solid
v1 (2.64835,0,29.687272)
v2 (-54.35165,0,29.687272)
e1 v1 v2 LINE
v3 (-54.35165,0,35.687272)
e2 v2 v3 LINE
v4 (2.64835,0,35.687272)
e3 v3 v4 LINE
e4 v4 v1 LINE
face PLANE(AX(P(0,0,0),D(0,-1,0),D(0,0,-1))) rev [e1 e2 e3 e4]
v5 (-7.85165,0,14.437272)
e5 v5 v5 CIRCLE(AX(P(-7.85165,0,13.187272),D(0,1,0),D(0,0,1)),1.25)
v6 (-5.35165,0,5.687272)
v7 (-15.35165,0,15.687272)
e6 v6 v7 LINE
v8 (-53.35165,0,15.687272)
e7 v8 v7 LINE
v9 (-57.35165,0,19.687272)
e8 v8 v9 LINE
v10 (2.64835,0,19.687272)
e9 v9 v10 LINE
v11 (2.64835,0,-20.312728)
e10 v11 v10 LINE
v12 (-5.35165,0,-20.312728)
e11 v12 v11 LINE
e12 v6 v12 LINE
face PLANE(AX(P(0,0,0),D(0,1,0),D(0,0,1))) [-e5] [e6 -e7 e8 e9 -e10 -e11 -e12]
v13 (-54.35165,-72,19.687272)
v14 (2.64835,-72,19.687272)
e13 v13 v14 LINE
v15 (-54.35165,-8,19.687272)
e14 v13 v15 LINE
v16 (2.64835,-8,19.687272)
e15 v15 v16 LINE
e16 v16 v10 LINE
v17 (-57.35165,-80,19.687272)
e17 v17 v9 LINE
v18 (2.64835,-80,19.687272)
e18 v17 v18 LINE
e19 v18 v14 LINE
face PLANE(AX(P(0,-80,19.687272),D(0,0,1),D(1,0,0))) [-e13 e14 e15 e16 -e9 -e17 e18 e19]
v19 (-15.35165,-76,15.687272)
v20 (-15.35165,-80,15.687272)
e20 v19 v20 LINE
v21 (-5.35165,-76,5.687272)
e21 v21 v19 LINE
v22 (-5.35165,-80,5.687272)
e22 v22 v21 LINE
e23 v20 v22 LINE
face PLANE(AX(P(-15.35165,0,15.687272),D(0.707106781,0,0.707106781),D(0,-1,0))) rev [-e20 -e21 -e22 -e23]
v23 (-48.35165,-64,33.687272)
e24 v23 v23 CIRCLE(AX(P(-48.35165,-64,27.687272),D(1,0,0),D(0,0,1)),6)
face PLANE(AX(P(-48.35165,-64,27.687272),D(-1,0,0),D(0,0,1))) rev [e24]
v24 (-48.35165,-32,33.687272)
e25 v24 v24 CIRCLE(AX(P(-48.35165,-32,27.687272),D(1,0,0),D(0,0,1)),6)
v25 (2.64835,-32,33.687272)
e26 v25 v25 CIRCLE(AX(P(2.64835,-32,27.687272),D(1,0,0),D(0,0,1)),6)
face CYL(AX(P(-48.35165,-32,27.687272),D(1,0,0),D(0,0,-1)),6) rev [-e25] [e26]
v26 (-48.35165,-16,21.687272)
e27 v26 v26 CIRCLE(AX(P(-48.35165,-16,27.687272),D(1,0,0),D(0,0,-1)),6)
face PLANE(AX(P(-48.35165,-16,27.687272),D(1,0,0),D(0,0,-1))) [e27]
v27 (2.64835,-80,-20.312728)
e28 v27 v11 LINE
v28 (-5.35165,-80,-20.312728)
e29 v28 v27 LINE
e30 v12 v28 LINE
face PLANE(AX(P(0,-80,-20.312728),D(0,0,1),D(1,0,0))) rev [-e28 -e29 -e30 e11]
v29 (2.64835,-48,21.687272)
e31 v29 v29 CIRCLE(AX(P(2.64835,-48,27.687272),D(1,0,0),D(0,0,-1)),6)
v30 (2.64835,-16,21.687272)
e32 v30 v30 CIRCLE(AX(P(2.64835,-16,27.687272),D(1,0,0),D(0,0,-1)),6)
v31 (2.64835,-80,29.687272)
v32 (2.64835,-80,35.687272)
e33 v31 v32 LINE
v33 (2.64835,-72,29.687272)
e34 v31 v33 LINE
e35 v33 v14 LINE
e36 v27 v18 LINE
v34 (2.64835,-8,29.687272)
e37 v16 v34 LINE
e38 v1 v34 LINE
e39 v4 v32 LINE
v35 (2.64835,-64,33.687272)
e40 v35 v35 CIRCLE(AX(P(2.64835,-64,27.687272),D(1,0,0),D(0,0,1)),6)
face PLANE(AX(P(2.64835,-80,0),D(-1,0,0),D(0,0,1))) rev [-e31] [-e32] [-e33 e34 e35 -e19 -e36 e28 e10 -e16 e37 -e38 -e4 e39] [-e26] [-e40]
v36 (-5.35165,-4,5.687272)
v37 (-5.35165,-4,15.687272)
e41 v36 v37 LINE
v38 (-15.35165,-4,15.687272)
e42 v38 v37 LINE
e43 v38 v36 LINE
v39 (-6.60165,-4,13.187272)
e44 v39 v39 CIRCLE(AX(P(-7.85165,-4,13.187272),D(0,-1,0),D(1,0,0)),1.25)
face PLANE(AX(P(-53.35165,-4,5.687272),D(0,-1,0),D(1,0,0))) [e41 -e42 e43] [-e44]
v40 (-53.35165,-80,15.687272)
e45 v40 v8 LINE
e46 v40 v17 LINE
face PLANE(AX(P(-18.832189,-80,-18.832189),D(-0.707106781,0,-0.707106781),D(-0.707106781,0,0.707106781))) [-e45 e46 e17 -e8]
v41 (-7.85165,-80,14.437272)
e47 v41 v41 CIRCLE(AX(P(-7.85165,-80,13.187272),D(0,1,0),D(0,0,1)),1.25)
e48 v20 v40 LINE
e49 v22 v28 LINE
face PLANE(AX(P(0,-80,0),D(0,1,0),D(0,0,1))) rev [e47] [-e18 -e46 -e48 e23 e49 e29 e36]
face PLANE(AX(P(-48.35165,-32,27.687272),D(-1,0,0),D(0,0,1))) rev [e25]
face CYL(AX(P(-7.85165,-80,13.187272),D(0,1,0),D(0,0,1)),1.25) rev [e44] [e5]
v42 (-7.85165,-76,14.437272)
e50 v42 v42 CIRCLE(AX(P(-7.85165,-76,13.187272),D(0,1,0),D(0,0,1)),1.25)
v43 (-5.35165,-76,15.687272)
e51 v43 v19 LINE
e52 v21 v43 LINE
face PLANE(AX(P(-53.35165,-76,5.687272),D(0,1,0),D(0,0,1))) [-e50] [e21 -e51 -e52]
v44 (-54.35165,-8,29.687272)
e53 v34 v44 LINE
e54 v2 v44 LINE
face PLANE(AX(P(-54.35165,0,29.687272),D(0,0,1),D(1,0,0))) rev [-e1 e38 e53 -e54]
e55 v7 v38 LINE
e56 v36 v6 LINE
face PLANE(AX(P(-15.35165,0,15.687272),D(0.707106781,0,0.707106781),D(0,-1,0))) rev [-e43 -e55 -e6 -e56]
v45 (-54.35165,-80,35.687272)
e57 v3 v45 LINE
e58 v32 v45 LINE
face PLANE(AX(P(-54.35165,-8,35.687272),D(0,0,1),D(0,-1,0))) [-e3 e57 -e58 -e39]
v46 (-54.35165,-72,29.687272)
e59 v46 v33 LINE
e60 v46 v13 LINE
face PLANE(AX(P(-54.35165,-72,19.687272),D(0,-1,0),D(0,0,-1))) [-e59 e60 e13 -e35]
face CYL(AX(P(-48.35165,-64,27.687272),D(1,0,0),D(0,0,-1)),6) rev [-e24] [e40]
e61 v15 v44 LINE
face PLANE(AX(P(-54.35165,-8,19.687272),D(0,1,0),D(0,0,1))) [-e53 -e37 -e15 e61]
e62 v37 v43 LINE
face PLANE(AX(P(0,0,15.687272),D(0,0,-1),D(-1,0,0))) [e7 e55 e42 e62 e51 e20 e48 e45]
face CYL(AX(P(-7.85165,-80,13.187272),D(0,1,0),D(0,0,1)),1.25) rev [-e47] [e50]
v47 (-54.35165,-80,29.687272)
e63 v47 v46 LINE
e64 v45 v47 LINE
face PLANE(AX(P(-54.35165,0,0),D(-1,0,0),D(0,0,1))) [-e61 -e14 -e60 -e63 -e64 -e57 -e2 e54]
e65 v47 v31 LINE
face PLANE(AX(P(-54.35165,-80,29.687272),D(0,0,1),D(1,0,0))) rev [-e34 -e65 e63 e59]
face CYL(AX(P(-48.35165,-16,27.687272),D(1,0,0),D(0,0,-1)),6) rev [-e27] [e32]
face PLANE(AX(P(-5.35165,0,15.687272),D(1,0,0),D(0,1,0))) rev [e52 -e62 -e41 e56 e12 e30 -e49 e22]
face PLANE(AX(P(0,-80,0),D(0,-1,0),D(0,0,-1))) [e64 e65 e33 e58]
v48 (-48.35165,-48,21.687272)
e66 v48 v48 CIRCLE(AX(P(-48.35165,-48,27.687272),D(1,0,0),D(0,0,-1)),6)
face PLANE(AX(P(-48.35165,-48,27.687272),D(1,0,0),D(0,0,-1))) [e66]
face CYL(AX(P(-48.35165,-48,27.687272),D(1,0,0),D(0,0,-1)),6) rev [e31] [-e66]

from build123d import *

# Parameters (mm, degrees)
SKETCH1_W           = 20
SKETCH1_H           = 40
BOSS_EXTRUDE1_DEPTH = 80
SKETCH8_W           = 16
SKETCH8_H           = 64
BOSS_EXTRUDE2_DEPTH = 57
SKETCH10_R          = 6
CUT_EXTRUDE1_DEPTH  = 51
SKETCH12_W          = 57
SKETCH12_H          = 6
BOSS_EXTRUDE3_DEPTH = 8
SKETCH14_W          = 57
SKETCH14_H          = 6
BOSS_EXTRUDE4_DEPTH = 8
SKETCH17_W          = 48
SKETCH17_H          = 80
CUT_EXTRUDE4_DEPTH  = 36
CHAMFER1_SIZE       = 10
SKETCH16_W          = 48
SKETCH16_H          = 72
CUT_EXTRUDE5_DEPTH  = 10
SKETCH19_R          = 1.25
CUT_EXTRUDE6_DEPTH  = 105.703357948


with BuildPart() as part:
    # Sketch1 → Boss-Extrude1 (new body)
    with BuildSketch(Plane(origin=(0, 0, 0), x_dir=(1, 0, 0), z_dir=(0, 1, 0))):
        Polygon((-17.351649908, 20.312727502), (-57.351649908, -19.687272498), (-17.351649908, -19.687272498), align=None)
        with Locations((-7.351649908, 0.312727502)):
            Rectangle(SKETCH1_W, SKETCH1_H)
    extrude(amount=-BOSS_EXTRUDE1_DEPTH)

    # Sketch8 → Boss-Extrude2 (add)
    with BuildSketch(Plane(origin=(2.648350092, 0, 0), x_dir=(0, 0, -1), z_dir=(1, 0, 0))):
        with Locations((-27.687272498, -40)):
            Rectangle(SKETCH8_W, SKETCH8_H)
    extrude(amount=-BOSS_EXTRUDE2_DEPTH)

    # Sketch10 → Cut-Extrude1 (cut)
    with BuildSketch(Plane(origin=(2.648350092, 0, 0), x_dir=(0, 0, -1), z_dir=(1, 0, 0))):
        with Locations((-27.687272498, -16)):
            Circle(SKETCH10_R)
        with Locations(Location((-27.687272498, -32, 0), (0, 0, 180))):
            Circle(SKETCH10_R)
        with Locations(Location((-27.687272498, -64, 0), (0, 0, 180))):
            Circle(SKETCH10_R)
        with Locations((-27.687272498, -48)):
            Circle(SKETCH10_R)
    extrude(amount=-CUT_EXTRUDE1_DEPTH, mode=Mode.SUBTRACT)

    # Sketch12 → Boss-Extrude3 (add)
    with BuildSketch(Plane.XZ.offset(72)):
        with Locations((-25.851649908, 32.687272498)):
            Rectangle(SKETCH12_W, SKETCH12_H)
    extrude(amount=BOSS_EXTRUDE3_DEPTH)

    # Sketch14 → Boss-Extrude4 (add)
    with BuildSketch(Plane(origin=(0, -8, 0), x_dir=(1, 0, 0), z_dir=(0, 1, 0))):
        with Locations((-25.851649908, -32.687272498)):
            Rectangle(SKETCH14_W, SKETCH14_H)
    extrude(amount=BOSS_EXTRUDE4_DEPTH)

    # Sketch17 → Cut-Extrude4 (cut)
    with BuildSketch(Plane(origin=(0, 0, -20.312727502), x_dir=(-1, 0, 0), z_dir=(0, 0, -1))):
        with Locations((29.351649908, -40)):
            Rectangle(SKETCH17_W, SKETCH17_H)
    extrude(amount=-CUT_EXTRUDE4_DEPTH, mode=Mode.SUBTRACT)

    # Chamfer1
    chamfer1_edges = [part.edges().sort_by_distance(p)[0] for p in [
        (-5.351649908, -40, 15.687272498),
    ]]
    chamfer(chamfer1_edges, length=CHAMFER1_SIZE)

    # Sketch16 → Cut-Extrude5 (cut)
    with BuildSketch(Plane(origin=(0, 0, 15.687272498), x_dir=(-1, 0, 0), z_dir=(0, 0, -1))):
        with Locations((29.351649908, -40)):
            Rectangle(SKETCH16_W, SKETCH16_H)
    extrude(amount=CUT_EXTRUDE5_DEPTH, mode=Mode.SUBTRACT)

    # Sketch19 → Cut-Extrude6 (cut, through all)
    with BuildSketch(Plane(origin=(0, 0, 0), x_dir=(1, 0, 0), z_dir=(0, 1, 0))):
        with Locations(Location((-7.851649908, -13.187272498, 0), (0, 0, 270))):
            Circle(SKETCH19_R)
    extrude(amount=-CUT_EXTRUDE6_DEPTH, mode=Mode.SUBTRACT)


solid = part.part
